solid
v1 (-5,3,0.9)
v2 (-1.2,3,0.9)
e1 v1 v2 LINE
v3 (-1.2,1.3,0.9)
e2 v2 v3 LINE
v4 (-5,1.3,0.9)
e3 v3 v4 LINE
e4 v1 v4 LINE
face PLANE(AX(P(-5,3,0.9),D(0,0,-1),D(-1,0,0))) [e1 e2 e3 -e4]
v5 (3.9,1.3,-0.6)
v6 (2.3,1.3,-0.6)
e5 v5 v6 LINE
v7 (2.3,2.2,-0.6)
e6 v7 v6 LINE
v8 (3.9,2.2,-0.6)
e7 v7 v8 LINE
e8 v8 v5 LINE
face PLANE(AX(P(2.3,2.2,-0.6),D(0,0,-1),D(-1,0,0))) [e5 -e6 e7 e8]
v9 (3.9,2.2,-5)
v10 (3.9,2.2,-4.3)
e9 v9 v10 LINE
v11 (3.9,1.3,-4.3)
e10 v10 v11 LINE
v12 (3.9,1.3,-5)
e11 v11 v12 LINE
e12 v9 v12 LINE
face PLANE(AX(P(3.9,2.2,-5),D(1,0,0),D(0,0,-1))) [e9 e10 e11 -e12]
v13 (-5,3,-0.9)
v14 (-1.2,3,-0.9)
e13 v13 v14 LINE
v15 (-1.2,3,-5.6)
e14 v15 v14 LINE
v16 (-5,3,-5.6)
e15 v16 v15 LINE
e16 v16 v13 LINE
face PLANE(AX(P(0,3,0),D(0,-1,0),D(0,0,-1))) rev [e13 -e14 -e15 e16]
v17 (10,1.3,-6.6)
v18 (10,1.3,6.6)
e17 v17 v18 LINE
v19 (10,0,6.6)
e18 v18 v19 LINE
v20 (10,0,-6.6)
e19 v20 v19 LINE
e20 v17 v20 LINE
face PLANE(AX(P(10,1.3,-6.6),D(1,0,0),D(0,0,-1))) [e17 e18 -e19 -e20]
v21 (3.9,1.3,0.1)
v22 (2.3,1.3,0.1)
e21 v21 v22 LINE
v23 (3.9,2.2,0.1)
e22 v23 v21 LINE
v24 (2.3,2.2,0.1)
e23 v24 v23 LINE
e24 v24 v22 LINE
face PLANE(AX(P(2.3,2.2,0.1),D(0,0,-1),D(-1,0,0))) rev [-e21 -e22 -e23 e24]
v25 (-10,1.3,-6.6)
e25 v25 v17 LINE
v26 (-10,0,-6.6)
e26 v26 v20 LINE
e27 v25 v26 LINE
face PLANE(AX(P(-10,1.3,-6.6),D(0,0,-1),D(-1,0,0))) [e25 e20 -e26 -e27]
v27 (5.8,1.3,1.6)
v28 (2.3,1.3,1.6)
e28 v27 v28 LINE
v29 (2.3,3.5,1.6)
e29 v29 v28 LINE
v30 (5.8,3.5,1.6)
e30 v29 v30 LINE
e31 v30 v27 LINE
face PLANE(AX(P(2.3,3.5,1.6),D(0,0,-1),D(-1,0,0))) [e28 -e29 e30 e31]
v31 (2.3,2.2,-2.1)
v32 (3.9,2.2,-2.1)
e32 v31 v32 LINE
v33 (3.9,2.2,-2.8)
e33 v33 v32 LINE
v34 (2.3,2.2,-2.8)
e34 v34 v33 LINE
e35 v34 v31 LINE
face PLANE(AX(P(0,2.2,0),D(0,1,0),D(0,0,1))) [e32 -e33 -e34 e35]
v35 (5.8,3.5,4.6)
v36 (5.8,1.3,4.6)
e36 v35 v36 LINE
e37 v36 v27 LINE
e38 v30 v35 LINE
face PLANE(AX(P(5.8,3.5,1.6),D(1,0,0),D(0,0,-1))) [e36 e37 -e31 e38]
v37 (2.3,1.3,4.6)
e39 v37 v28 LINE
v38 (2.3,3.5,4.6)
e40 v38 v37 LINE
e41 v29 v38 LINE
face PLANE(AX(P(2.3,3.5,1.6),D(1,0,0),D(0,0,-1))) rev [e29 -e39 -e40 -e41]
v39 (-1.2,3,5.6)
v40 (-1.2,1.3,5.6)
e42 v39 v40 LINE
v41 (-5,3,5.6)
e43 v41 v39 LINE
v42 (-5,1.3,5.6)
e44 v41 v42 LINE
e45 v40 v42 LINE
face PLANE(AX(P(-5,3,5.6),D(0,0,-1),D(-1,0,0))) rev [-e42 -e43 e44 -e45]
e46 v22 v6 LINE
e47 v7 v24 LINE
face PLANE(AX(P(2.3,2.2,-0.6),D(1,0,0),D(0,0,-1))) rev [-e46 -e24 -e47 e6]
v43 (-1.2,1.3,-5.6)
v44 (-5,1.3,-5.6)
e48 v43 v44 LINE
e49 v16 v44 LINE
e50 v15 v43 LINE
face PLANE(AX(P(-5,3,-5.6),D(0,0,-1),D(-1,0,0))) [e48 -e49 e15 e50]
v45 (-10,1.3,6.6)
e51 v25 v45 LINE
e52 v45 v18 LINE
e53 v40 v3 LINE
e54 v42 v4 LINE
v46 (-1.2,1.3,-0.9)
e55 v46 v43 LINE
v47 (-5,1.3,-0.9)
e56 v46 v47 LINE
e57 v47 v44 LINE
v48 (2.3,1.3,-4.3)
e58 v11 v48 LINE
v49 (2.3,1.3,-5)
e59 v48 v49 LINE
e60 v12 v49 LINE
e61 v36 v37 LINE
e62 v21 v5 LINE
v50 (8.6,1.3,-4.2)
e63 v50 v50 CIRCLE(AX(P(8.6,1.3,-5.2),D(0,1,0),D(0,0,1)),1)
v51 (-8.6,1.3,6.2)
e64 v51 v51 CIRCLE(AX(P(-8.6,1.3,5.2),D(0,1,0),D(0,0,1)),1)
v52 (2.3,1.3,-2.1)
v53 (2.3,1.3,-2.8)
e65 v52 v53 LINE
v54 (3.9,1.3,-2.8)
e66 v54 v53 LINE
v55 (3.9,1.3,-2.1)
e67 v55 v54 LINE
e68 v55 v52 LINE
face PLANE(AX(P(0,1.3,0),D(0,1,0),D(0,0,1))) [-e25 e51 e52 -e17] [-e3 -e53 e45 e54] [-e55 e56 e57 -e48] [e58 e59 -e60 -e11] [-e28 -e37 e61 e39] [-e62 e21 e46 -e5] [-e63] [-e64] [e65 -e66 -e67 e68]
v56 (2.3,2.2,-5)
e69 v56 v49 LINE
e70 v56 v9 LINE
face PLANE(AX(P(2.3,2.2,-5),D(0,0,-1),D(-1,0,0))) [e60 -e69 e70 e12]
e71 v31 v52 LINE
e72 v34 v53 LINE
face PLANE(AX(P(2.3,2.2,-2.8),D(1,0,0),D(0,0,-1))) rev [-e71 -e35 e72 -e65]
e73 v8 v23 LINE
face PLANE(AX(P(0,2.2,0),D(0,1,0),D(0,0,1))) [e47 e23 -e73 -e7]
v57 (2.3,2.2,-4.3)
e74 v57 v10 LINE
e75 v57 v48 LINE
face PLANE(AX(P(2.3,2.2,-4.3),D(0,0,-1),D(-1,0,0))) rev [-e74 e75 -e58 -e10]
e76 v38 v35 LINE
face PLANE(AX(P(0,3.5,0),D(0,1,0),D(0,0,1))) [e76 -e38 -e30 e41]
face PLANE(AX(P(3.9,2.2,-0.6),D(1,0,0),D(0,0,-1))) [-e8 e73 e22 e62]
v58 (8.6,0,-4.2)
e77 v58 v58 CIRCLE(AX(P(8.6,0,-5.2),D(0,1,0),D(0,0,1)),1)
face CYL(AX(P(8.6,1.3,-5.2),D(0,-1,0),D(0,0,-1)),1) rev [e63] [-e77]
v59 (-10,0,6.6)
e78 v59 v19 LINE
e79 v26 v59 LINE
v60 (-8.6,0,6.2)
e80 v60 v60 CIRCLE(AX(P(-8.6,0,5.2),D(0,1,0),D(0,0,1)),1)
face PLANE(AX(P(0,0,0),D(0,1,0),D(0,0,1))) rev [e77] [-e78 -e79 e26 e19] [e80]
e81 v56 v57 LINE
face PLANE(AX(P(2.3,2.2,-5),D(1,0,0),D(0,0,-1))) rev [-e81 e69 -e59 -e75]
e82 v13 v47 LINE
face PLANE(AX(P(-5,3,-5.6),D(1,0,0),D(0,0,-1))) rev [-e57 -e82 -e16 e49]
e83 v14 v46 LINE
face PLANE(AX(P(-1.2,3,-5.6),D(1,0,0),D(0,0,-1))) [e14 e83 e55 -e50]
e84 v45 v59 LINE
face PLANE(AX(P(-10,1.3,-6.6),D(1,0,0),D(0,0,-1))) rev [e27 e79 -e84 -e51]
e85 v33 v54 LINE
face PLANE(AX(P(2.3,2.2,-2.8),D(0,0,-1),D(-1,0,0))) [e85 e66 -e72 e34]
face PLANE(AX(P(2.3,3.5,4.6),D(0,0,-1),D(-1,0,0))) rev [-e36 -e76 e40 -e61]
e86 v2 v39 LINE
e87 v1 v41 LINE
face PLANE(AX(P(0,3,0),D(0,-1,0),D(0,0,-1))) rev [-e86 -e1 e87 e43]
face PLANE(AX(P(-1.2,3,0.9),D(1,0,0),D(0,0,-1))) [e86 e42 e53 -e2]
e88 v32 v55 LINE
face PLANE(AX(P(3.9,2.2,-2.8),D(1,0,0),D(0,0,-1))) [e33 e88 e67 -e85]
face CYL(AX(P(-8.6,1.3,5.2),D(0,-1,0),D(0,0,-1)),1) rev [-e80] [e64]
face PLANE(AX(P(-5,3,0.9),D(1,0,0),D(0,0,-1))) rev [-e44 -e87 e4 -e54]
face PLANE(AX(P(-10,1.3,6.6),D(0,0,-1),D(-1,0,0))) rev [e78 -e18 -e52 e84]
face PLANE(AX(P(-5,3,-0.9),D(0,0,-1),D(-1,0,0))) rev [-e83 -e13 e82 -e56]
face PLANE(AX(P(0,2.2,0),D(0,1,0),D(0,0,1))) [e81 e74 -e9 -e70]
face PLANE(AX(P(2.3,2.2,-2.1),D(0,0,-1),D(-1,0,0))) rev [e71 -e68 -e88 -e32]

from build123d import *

# Parameters (mm, degrees)
SKETCH_1_W      = 20
SKETCH_1_H      = 13.2
SKETCH_1_R      = 1
EXTRUDE_1_DEPTH = 1.3
SKETCH_1_3_W    = 3.8
SKETCH_1_3_H    = 4.7
EXTRUDE_2_DEPTH = 3
SKETCH_1_4_W    = 1.6
SKETCH_1_4_H    = 0.7
EXTRUDE_3_DEPTH = 2.2
SKETCH_1_5_W    = 3.5
SKETCH_1_5_H    = 3
EXTRUDE_4_DEPTH = 3.5


with BuildPart() as part:
    # 草图1 → 凸台-拉伸1 (new body)
    with BuildSketch(Plane(origin=(0, 0, 0), x_dir=(1, 0, 0), z_dir=(0, 1, 0))):
        Rectangle(SKETCH_1_W, SKETCH_1_H)
        with Locations((-8.6, -5.2)):
            Circle(SKETCH_1_R, mode=Mode.SUBTRACT)
        with Locations((8.6, 5.2)):
            Circle(SKETCH_1_R, mode=Mode.SUBTRACT)
    extrude(amount=EXTRUDE_1_DEPTH)

    # 草图1<3> → 凸台-拉伸2 (add)
    with BuildSketch(Plane(origin=(0, 0, 0), x_dir=(1, 0, 0), z_dir=(0, 1, 0))):
        with Locations((-3.1, 3.25)):
            Rectangle(SKETCH_1_3_W, SKETCH_1_3_H)
        with Locations((-3.1, -3.25)):
            Rectangle(SKETCH_1_3_W, SKETCH_1_3_H)
    extrude(amount=EXTRUDE_2_DEPTH)

    # 草图1<4> → 凸台-拉伸3 (add)
    with BuildSketch(Plane(origin=(0, 0, 0), x_dir=(1, 0, 0), z_dir=(0, 1, 0))):
        with Locations((3.1, 4.65)):
            Rectangle(SKETCH_1_4_W, SKETCH_1_4_H)
        with Locations((3.1, 2.45)):
            Rectangle(SKETCH_1_4_W, SKETCH_1_4_H)
        with Locations((3.1, 0.25)):
            Rectangle(SKETCH_1_4_W, SKETCH_1_4_H)
    extrude(amount=EXTRUDE_3_DEPTH)

    # 草图1<5> → 凸台-拉伸4 (add)
    with BuildSketch(Plane(origin=(0, 0, 0), x_dir=(1, 0, 0), z_dir=(0, 1, 0))):
        with Locations((4.05, -3.1)):
            Rectangle(SKETCH_1_5_W, SKETCH_1_5_H)
    extrude(amount=EXTRUDE_4_DEPTH)


solid = part.part
